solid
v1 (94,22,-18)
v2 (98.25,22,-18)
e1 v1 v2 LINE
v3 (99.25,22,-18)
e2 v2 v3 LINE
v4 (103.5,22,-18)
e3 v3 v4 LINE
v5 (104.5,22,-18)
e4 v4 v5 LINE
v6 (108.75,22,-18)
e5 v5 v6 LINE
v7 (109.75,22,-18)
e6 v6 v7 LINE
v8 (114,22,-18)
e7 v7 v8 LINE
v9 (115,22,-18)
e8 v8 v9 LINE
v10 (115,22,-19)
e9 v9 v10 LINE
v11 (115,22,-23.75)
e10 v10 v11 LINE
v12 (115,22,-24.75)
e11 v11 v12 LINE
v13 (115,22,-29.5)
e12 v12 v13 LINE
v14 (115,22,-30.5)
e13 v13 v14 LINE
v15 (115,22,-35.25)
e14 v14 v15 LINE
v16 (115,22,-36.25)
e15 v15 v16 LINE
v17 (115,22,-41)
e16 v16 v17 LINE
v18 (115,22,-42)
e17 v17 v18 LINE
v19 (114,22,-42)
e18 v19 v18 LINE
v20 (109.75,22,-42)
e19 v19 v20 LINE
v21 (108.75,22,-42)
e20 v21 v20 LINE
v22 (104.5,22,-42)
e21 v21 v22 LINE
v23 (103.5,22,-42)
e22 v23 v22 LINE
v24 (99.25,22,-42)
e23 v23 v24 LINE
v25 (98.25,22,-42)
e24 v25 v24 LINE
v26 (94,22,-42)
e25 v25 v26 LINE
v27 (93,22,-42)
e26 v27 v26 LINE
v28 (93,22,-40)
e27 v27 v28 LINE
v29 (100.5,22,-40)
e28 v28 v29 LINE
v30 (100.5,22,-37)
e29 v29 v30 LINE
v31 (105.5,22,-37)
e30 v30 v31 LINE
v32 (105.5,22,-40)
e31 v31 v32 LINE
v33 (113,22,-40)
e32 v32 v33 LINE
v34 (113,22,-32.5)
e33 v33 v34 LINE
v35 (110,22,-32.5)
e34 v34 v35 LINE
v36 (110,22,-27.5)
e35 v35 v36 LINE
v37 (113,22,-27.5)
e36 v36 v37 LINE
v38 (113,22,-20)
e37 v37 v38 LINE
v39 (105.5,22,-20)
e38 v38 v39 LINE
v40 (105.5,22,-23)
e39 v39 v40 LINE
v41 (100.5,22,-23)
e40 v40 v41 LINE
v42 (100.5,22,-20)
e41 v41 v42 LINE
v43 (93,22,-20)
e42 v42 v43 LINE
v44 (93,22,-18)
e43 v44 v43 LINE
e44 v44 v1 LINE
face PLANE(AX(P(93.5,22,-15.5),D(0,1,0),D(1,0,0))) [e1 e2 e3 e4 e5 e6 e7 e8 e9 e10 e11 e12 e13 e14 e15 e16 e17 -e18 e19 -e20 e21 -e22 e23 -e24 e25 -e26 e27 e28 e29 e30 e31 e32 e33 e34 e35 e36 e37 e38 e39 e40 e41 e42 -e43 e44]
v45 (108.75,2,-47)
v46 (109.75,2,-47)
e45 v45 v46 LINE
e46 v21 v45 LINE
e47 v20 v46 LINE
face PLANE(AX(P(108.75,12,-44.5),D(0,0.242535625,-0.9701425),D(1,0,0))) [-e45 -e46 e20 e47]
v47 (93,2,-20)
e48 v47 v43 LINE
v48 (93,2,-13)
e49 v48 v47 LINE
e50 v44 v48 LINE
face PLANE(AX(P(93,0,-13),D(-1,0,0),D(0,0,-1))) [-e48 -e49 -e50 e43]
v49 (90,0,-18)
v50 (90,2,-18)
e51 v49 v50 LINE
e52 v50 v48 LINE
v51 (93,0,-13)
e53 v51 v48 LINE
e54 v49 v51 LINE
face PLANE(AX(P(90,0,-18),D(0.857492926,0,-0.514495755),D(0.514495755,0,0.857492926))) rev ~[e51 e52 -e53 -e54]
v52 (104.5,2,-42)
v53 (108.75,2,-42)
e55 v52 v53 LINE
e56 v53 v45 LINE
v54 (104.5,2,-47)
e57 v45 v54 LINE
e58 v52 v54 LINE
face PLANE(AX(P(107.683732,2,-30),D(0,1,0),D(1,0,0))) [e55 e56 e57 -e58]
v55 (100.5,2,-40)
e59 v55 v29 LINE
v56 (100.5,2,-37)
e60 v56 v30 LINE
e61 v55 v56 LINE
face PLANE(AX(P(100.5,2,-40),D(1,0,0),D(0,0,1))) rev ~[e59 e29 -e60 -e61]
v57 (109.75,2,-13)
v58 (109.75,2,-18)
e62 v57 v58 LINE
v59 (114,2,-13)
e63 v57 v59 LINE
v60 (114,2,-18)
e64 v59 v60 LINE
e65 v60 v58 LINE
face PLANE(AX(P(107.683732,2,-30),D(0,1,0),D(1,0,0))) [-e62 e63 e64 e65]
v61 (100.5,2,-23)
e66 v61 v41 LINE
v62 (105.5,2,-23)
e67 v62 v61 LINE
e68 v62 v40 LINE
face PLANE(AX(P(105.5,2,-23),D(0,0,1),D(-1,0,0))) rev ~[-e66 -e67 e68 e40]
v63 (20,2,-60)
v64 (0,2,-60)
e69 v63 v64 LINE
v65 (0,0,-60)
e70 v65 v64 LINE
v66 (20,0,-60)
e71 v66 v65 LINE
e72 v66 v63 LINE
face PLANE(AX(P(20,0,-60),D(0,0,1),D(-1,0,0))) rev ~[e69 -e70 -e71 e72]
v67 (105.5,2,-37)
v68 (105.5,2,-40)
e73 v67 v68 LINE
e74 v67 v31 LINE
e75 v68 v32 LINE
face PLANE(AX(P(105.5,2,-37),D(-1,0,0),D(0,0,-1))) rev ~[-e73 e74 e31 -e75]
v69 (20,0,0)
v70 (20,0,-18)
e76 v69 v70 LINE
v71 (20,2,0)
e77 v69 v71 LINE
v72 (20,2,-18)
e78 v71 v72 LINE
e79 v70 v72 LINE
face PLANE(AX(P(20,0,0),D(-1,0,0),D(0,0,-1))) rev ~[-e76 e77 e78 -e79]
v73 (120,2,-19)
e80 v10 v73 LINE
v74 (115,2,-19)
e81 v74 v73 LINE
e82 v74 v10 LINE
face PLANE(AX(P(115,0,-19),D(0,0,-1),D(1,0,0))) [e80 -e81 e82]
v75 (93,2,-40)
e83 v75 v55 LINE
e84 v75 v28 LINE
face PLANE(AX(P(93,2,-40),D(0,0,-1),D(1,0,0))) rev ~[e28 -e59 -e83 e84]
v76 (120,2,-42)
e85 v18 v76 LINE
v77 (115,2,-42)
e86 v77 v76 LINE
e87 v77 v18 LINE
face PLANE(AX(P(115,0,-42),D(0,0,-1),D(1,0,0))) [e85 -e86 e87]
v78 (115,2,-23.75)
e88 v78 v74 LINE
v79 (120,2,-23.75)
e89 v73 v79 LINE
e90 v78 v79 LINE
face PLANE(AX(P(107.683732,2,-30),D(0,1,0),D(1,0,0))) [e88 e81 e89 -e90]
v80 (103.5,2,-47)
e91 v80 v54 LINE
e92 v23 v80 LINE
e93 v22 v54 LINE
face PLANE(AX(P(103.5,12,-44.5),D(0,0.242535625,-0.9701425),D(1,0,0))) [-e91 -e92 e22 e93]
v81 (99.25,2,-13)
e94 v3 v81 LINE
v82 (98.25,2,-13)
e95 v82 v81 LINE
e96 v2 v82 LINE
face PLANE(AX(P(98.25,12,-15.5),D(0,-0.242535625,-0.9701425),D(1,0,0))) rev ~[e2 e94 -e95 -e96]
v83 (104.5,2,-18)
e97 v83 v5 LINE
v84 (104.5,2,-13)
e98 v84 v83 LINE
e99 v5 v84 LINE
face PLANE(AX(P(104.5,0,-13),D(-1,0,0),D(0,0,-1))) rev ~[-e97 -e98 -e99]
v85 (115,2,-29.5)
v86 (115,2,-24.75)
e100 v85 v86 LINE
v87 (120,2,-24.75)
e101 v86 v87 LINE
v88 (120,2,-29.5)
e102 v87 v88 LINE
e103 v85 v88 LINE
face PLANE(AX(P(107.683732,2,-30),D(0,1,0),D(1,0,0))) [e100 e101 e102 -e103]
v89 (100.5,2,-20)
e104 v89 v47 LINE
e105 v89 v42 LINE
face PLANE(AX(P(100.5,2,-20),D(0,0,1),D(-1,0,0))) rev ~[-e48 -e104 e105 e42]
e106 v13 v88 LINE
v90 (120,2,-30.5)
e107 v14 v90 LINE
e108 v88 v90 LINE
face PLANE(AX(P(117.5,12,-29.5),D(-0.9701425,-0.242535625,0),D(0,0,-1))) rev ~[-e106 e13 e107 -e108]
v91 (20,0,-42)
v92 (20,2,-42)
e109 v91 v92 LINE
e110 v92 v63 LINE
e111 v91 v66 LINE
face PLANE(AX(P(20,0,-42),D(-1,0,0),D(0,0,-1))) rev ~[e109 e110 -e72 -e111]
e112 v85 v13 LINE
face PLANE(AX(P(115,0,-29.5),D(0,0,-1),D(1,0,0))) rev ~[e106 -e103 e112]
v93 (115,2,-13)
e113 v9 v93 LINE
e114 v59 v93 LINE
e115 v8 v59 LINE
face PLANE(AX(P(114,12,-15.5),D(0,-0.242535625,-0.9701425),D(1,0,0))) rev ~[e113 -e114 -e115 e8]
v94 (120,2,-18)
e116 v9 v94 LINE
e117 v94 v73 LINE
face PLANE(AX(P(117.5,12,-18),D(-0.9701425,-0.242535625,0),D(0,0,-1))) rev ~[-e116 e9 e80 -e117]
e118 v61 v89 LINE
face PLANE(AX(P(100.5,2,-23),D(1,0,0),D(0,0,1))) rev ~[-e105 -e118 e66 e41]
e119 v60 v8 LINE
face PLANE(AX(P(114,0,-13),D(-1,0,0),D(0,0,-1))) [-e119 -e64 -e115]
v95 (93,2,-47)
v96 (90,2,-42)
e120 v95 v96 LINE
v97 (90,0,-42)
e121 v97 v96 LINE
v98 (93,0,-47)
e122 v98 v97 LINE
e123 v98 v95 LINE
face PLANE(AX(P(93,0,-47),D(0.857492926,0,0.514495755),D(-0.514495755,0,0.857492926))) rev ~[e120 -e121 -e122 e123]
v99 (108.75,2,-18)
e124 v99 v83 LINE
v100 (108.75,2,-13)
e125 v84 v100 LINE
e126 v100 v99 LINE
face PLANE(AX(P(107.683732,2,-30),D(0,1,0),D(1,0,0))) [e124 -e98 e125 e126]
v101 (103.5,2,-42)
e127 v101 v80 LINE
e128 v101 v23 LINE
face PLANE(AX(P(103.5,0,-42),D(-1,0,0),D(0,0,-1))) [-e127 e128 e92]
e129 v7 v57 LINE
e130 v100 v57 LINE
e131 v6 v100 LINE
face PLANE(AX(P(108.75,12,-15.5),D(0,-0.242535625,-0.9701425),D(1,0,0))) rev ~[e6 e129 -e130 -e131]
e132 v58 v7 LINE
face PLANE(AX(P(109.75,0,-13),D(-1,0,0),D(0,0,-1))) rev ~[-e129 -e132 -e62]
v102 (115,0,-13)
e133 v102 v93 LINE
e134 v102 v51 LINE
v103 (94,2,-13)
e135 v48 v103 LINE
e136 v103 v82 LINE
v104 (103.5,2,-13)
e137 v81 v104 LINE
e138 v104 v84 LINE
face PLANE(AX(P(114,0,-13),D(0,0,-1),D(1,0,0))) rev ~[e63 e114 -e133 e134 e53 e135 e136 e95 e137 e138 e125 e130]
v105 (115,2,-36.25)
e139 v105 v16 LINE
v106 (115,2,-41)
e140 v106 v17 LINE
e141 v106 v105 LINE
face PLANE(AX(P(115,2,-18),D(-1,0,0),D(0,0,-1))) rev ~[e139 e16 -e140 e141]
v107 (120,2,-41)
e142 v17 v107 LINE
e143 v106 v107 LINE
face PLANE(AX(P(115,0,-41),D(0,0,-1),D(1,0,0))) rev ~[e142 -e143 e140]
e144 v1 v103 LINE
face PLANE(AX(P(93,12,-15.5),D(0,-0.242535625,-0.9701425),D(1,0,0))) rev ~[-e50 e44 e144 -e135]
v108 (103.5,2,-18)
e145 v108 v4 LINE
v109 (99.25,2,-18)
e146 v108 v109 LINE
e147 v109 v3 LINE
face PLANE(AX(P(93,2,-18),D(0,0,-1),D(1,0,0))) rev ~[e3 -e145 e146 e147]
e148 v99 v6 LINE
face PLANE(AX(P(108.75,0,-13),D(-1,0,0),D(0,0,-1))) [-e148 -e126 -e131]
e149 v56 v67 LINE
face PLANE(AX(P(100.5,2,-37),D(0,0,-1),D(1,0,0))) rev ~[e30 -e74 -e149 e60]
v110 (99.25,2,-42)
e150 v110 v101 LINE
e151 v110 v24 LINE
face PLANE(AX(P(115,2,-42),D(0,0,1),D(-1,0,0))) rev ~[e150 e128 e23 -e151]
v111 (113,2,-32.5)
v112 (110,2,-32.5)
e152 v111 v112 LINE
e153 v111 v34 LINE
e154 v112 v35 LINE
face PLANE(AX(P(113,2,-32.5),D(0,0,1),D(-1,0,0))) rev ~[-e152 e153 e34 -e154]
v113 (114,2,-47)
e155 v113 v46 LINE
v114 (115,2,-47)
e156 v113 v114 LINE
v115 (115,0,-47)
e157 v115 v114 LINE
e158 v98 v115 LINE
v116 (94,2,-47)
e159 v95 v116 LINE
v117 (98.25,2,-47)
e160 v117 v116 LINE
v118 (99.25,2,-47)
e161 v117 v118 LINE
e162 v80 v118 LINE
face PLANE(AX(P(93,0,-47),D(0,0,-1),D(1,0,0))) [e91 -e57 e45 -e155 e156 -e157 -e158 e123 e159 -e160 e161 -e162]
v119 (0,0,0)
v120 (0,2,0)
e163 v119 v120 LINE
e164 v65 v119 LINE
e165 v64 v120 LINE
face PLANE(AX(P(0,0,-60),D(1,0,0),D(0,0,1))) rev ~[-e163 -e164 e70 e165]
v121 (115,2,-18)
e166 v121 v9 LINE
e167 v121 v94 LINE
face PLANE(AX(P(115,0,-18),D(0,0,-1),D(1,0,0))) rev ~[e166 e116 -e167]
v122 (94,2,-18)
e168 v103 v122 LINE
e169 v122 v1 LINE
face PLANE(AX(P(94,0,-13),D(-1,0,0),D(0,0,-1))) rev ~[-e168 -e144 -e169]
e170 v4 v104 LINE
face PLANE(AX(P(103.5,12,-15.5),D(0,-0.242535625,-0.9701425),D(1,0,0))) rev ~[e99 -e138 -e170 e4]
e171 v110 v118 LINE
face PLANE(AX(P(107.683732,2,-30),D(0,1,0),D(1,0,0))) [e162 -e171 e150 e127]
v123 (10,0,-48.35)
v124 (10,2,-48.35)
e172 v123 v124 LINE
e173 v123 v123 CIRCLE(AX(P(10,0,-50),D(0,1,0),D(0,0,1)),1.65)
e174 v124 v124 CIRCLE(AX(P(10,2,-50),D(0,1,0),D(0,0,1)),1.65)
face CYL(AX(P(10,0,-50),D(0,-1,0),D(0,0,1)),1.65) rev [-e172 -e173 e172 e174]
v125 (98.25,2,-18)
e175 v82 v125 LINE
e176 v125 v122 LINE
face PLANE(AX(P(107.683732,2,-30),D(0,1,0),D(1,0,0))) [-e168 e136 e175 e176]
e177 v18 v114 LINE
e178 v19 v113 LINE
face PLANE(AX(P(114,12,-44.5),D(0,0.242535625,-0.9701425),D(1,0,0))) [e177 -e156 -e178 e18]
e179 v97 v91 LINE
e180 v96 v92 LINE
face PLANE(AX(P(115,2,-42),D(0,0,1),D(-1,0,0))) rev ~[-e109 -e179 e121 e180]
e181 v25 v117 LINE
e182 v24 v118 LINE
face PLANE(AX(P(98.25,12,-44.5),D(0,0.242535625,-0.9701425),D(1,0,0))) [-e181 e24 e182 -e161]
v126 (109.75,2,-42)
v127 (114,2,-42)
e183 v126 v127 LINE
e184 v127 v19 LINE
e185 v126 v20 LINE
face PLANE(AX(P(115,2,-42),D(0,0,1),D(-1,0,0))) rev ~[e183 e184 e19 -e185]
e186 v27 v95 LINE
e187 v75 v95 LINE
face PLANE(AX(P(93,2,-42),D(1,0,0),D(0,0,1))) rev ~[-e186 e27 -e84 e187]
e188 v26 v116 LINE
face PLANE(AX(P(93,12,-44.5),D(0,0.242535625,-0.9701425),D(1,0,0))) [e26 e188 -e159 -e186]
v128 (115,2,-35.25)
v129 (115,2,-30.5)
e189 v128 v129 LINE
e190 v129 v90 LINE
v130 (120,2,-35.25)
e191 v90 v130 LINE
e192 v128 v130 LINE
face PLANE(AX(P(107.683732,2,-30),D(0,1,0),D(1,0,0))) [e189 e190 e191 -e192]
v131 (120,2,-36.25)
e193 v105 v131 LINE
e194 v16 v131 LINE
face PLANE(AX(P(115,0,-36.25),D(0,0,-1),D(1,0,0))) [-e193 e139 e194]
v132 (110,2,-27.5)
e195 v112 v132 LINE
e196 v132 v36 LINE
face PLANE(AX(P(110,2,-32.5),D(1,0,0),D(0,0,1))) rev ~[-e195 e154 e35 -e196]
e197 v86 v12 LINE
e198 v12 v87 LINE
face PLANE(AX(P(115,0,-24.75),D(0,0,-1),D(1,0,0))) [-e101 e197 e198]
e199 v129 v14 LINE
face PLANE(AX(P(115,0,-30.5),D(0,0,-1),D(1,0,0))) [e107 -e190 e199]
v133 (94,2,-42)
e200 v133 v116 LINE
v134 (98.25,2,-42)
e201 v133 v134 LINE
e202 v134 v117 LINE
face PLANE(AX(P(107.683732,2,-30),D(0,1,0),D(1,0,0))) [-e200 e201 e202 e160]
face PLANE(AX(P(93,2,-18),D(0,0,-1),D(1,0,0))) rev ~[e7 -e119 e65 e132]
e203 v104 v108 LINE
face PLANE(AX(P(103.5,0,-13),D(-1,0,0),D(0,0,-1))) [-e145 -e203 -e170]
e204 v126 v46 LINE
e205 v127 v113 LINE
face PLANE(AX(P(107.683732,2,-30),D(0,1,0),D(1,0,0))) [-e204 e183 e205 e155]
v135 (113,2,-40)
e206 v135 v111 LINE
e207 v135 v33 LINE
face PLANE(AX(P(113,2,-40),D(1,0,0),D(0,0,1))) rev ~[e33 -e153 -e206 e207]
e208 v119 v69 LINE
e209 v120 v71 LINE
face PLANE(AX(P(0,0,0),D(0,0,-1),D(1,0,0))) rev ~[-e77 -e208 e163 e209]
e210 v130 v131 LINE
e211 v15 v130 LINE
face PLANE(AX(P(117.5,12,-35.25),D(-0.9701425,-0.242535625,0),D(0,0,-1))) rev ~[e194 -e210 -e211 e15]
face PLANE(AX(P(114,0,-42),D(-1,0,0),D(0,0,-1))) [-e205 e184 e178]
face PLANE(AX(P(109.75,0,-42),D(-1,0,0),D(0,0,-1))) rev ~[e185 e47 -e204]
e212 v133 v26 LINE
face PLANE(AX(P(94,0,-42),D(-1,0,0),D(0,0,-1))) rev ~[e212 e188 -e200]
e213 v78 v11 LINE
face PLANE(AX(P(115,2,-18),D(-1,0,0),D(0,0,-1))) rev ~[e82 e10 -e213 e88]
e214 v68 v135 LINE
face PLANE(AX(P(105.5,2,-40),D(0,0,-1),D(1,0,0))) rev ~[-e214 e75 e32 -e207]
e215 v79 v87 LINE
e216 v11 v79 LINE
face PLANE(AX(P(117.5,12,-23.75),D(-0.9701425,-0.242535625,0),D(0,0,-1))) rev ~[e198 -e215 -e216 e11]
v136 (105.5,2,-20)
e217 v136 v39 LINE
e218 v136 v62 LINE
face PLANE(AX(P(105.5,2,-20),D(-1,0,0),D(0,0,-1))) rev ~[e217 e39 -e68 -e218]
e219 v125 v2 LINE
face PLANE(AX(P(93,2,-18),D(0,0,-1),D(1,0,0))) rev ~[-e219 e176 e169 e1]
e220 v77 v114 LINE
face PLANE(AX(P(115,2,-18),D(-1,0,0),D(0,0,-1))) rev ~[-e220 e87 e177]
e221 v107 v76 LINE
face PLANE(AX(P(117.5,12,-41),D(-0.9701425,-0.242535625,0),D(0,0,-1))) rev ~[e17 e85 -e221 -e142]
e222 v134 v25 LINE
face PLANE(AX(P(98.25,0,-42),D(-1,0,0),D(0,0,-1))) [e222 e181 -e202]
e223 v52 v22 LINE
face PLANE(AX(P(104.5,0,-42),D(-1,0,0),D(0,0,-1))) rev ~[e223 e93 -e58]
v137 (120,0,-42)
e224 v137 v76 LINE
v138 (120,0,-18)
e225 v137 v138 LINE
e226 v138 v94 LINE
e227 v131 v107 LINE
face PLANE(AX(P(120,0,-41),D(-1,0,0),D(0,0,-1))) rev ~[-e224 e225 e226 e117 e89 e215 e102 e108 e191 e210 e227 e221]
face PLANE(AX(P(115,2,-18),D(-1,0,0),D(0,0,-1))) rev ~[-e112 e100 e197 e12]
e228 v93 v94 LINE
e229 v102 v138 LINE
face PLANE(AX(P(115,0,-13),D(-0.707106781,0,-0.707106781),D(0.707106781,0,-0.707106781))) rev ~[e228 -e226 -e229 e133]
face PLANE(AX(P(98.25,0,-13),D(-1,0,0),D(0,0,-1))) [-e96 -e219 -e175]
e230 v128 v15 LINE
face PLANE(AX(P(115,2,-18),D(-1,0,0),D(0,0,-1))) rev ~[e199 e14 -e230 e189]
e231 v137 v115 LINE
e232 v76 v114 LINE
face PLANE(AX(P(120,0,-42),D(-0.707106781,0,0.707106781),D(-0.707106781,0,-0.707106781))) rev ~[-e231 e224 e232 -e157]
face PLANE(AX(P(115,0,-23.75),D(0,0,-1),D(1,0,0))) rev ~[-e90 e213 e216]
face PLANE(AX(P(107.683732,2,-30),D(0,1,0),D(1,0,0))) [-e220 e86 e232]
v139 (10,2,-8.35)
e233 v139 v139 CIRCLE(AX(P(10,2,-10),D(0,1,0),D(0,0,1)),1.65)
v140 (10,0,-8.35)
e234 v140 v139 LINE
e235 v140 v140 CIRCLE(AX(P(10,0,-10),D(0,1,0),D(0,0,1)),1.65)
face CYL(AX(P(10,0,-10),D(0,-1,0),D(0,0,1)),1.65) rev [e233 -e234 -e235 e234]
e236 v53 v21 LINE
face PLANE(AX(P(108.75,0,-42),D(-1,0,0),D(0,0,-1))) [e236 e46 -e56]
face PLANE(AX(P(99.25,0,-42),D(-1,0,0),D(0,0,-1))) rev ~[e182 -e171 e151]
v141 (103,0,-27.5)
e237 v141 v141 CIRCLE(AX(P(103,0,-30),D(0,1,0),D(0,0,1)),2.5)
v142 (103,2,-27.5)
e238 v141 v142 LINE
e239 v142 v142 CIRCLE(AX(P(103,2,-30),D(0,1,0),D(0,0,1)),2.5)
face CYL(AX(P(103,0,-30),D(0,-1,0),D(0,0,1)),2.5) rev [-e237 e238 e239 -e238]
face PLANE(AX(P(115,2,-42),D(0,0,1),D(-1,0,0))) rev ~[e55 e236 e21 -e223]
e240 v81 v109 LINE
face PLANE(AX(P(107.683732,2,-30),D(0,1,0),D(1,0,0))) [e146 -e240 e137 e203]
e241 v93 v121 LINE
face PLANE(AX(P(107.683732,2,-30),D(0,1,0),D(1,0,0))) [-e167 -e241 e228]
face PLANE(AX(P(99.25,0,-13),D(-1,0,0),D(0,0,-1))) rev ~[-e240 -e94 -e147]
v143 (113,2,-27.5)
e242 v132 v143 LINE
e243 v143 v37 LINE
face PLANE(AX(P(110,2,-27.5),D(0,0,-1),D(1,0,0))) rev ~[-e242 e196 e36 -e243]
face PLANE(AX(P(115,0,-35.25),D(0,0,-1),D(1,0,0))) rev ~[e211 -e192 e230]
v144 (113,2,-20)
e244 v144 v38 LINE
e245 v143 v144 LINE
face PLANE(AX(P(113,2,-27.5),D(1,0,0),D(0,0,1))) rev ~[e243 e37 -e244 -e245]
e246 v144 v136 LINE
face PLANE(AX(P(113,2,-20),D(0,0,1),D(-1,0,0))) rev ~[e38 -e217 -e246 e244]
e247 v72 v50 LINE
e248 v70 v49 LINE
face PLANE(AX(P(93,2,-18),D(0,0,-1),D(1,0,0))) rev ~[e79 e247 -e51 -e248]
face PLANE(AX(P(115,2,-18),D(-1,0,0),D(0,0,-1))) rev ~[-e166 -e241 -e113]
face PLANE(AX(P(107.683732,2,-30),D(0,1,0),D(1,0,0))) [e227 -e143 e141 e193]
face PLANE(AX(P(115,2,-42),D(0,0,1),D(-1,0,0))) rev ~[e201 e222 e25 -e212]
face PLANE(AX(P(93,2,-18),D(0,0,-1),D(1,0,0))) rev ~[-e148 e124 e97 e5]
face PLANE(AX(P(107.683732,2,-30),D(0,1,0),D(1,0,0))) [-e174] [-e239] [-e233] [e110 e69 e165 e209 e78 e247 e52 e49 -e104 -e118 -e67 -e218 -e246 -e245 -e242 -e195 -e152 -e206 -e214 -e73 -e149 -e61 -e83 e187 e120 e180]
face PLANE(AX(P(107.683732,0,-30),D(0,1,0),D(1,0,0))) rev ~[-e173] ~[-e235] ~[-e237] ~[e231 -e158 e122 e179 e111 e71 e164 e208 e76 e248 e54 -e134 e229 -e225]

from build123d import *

# Parameters (mm, degrees)
SKETCH1_R           = 1.65
SKETCH1_R_2         = 2.5
BOSS_EXTRUDE1_DEPTH = 2
BOSS_EXTRUDE2_DEPTH = 20
SKETCH4_W           = 1
SKETCH4_H           = 5
BOSS_EXTRUDE3_DEPTH = 22
SKETCH5_W           = 5
SKETCH5_H           = 1
BOSS_EXTRUDE4_DEPTH = 22
BOSS_EXTRUDE5_DEPTH = 2
CHAMFER1_SIZE       = 5
CHAMFER1_SIZE2      = 20


with BuildPart() as part:
    # Sketch1 → Boss-Extrude1 (new body)
    with BuildSketch(Plane(origin=(0, 0, 0), x_dir=(1, 0, 0), z_dir=(0, 1, 0))):
        Polygon((20, 18), (115, 18), (115, 42), (20, 42), (20, 60), (0, 60), (0, 0), (20, 0), align=None)
        with Locations(Location((10, 10, 0), (0, 0, 270))):
            Circle(SKETCH1_R, mode=Mode.SUBTRACT)
        with Locations(Location((10, 50, 0), (0, 0, 270))):
            Circle(SKETCH1_R, mode=Mode.SUBTRACT)
        with Locations(Location((103, 30, 0), (0, 0, 270))):
            Circle(SKETCH1_R_2, mode=Mode.SUBTRACT)
    extrude(amount=BOSS_EXTRUDE1_DEPTH)

    # Sketch2 → Boss-Extrude2 (add)
    with BuildSketch(Plane(origin=(0, 2, 0), x_dir=(1, 0, 0), z_dir=(0, 1, 0))):
        Polygon((115, 42), (93, 42), (93, 40), (100.5, 40), (100.5, 37), (105.5, 37), (105.5, 40), (113, 40), (113, 32.5), (110, 32.5), (110, 27.5), (113, 27.5), (113, 20), (105.5, 20), (105.5, 23), (100.5, 23), (100.5, 20), (93, 20), (93, 18), (115, 18), align=None)
    extrude(amount=BOSS_EXTRUDE2_DEPTH)

    # Sketch4 → Boss-Extrude3 (add)
    with BuildSketch(Plane(origin=(0, 0, 0), x_dir=(1, 0, 0), z_dir=(0, 1, 0))):
        with Locations((98.75, 15.5)):
            Rectangle(SKETCH4_W, SKETCH4_H)
        with Locations((93.5, 15.5)):
            Rectangle(SKETCH4_W, SKETCH4_H)
        with Locations((104, 15.5)):
            Rectangle(SKETCH4_W, SKETCH4_H)
        with Locations((109.25, 15.5)):
            Rectangle(SKETCH4_W, SKETCH4_H)
        with Locations((114.5, 15.5)):
            Rectangle(SKETCH4_W, SKETCH4_H)
        with Locations((114.5, 44.5)):
            Rectangle(SKETCH4_W, SKETCH4_H)
        with Locations((109.25, 44.5)):
            Rectangle(SKETCH4_W, SKETCH4_H)
        with Locations((104, 44.5)):
            Rectangle(SKETCH4_W, SKETCH4_H)
        with Locations((98.75, 44.5)):
            Rectangle(SKETCH4_W, SKETCH4_H)
        with Locations((93.5, 44.5)):
            Rectangle(SKETCH4_W, SKETCH4_H)
    extrude(amount=BOSS_EXTRUDE3_DEPTH)

    # Sketch5 → Boss-Extrude4 (add)
    with BuildSketch(Plane(origin=(0, 0, 0), x_dir=(1, 0, 0), z_dir=(0, 1, 0))):
        with Locations((117.5, 18.5)):
            Rectangle(SKETCH5_W, SKETCH5_H)
        with Locations((117.5, 24.25)):
            Rectangle(SKETCH5_W, SKETCH5_H)
        with Locations((117.5, 30)):
            Rectangle(SKETCH5_W, SKETCH5_H)
        with Locations((117.5, 35.75)):
            Rectangle(SKETCH5_W, SKETCH5_H)
        with Locations((117.5, 41.5)):
            Rectangle(SKETCH5_W, SKETCH5_H)
    extrude(amount=BOSS_EXTRUDE4_DEPTH)

    # Sketch6 → Boss-Extrude5 (add)
    with BuildSketch(Plane(origin=(0, 0, 0), x_dir=(1, 0, 0), z_dir=(0, 1, 0))):
        Polygon((90, 42), (115, 42), (115, 18), (90, 18), (93, 13), (115, 13), (120, 18), (120, 42), (115, 47), (93, 47), align=None)
    extrude(amount=BOSS_EXTRUDE5_DEPTH)

    # Chamfer1
    chamfer1_edges = [part.edges().sort_by_distance(p)[0] for p in [
        (93.5, 22, -47),
        (98.75, 22, -47),
        (104, 22, -47),
        (109.25, 22, -47),
        (120, 22, -41.5),
        (120, 22, -35.75),
        (120, 22, -30),
        (120, 22, -18.5),
        (114.5, 22, -13),
        (109.25, 22, -13),
        (104, 22, -13),
        (98.75, 22, -13),
        (114.5, 22, -47),
        (120, 22, -24.25),
        (93.5, 22, -13),
    ]]
    chamfer1_side = [part.faces().sort_by_distance(p)[0] for p in [
        (93.565834133, 22, -15.5),
    ]]
    chamfer(chamfer1_edges, length=CHAMFER1_SIZE, length2=CHAMFER1_SIZE2, reference=chamfer1_side[0])


solid = part.part
